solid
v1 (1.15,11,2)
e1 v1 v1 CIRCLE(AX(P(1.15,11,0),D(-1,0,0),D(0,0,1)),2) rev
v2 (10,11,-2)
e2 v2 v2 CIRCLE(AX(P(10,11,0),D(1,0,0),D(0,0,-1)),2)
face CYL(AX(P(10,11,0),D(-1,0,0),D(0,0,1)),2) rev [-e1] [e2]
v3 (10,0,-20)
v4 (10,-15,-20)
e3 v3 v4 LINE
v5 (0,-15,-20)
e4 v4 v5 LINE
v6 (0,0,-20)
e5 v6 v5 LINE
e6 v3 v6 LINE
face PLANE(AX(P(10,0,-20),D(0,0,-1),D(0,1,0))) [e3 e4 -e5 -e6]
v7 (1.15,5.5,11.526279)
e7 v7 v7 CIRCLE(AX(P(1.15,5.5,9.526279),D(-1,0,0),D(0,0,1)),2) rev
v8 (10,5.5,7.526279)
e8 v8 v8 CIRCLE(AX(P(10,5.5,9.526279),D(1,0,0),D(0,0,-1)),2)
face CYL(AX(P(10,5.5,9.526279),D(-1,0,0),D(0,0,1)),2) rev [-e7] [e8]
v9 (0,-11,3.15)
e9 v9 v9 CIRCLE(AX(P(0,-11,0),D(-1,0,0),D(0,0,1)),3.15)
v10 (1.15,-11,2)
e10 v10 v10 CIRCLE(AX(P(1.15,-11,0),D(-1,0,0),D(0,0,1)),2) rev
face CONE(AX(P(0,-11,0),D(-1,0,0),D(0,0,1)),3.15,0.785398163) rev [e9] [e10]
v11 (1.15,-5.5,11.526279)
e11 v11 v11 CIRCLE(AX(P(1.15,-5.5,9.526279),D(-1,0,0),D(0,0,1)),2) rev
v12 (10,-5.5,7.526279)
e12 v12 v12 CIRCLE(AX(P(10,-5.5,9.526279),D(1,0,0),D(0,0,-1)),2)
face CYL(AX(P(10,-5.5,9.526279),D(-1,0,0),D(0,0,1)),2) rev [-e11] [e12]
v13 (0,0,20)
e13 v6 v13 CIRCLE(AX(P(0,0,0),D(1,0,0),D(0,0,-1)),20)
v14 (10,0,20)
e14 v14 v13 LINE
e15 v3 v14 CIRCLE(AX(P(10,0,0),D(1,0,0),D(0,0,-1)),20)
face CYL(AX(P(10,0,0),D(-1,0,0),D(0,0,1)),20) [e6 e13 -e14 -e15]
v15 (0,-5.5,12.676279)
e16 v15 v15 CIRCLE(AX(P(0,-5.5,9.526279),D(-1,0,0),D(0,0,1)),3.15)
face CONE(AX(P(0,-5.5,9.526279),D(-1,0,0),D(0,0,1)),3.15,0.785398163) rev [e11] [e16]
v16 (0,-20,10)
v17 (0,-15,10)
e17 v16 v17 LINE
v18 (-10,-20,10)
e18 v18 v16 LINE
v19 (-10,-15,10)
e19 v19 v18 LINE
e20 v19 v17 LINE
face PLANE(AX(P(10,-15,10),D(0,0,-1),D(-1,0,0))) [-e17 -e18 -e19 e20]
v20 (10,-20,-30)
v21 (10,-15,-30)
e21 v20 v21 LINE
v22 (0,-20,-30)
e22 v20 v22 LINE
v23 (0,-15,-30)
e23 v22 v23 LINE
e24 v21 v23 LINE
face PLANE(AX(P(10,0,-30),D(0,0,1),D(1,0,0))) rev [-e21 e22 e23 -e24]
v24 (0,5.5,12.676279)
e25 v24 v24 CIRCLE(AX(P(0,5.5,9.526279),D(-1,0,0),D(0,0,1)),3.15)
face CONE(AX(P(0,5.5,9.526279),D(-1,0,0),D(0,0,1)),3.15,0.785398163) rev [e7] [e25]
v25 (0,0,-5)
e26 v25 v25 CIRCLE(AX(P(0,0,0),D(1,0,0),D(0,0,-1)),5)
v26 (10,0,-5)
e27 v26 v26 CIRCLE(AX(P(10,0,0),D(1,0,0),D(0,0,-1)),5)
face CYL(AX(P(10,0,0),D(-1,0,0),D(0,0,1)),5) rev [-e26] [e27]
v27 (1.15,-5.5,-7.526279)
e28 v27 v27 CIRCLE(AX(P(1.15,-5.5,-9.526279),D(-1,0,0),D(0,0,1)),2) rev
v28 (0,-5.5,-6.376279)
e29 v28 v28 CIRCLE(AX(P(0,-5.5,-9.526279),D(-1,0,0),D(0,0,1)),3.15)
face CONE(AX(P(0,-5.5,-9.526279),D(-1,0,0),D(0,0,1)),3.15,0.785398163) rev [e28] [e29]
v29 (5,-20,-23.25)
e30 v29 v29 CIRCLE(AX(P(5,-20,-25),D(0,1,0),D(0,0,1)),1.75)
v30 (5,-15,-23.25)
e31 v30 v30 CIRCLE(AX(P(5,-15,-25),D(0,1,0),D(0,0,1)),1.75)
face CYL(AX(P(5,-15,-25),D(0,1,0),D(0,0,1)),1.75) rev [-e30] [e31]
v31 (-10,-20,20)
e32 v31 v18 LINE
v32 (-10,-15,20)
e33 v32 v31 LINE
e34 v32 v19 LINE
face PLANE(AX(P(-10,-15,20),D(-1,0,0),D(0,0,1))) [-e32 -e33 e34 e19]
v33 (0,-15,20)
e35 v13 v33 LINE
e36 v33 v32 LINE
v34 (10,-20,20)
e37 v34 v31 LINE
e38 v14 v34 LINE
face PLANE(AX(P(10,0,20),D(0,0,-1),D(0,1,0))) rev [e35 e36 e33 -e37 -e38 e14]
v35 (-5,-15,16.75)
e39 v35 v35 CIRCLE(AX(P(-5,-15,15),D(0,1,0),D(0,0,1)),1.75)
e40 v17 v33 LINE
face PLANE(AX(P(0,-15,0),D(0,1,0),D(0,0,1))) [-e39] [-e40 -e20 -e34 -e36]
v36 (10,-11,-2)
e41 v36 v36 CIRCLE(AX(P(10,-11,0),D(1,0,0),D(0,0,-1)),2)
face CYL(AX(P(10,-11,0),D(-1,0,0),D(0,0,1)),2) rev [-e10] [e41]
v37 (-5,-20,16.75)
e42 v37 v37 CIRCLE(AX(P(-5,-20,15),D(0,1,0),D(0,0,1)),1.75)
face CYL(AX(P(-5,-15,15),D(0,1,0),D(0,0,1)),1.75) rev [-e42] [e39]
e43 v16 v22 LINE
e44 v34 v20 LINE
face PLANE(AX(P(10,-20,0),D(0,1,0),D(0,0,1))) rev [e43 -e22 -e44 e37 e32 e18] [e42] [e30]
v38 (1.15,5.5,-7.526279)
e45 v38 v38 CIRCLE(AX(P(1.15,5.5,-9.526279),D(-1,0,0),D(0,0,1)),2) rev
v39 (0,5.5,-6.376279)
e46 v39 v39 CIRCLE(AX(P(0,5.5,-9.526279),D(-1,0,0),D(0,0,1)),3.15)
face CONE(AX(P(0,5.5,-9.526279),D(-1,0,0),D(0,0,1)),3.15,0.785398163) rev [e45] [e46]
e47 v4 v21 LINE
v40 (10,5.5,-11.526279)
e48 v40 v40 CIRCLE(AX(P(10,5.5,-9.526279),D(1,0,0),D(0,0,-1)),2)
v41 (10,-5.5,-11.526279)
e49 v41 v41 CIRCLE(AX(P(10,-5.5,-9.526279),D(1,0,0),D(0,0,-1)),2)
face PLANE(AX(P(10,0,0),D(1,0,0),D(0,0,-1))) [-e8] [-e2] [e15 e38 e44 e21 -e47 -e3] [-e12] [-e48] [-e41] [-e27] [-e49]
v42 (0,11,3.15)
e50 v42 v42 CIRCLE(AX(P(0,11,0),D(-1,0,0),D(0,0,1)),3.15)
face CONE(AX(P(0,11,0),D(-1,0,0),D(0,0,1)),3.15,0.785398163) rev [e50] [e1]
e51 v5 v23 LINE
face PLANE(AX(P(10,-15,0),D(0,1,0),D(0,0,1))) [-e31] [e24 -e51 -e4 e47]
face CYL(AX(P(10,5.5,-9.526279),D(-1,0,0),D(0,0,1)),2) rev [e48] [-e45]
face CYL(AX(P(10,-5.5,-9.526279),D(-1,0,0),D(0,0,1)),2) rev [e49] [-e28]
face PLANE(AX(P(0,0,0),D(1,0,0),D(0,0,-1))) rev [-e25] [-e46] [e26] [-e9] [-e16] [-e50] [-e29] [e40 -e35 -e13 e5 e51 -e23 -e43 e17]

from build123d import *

# Parameters (mm, degrees)
SKETCH1_R                                       = 2
SKETCH1_R_2                                     = 5
BOSS_EXTRUDE1_DEPTH                             = 10
CSK_FOR_M3_FLAT_HEAD_MACHINE_SCREW1_D           = 3.4
CSK_FOR_M3_FLAT_HEAD_MACHINE_SCREW1_CSINK_D     = 6.3
CSK_FOR_M3_FLAT_HEAD_MACHINE_SCREW1_CSINK_ANGLE = 90
BOSS_EXTRUDE2_DEPTH                             = 5
F_3_0MM_DOWEL_HOLE1_D                           = 3.5


with BuildPart() as part:
    # Sketch1 → Boss-Extrude1 (new body)
    with BuildSketch(Plane(origin=(0, 0, 0), x_dir=(0, 0, -1), z_dir=(1, 0, 0))):
        with BuildLine():
            Line((30, -15), (20, -15))
            Line((20, -15), (20, 0))
            ThreePointArc((20, 0), (0, 20), (-20, 0))
            Line((-20, 0), (-20, -15))
            Line((-20, -15), (-20, -20))
            Line((-20, -20), (-15.856579477, -20))
            Line((-15.856579477, -20), (9.951007048, -20))
            Line((9.951007048, -20), (17.640087429, -20))
            Line((17.640087429, -20), (30, -20))
            Line((30, -20), (30, -15))
        make_face()
        with Locations((-9.526279442, -5.5)):
            Circle(SKETCH1_R, mode=Mode.SUBTRACT)
        with Locations((0, -11)):
            Circle(SKETCH1_R, mode=Mode.SUBTRACT)
        with Locations((9.526279442, -5.5)):
            Circle(SKETCH1_R, mode=Mode.SUBTRACT)
        with Locations((-9.526279442, 5.5)):
            Circle(SKETCH1_R, mode=Mode.SUBTRACT)
        Circle(SKETCH1_R_2, mode=Mode.SUBTRACT)
        with Locations((9.526279442, 5.5)):
            Circle(SKETCH1_R, mode=Mode.SUBTRACT)
        with Locations((0, 11)):
            Circle(SKETCH1_R, mode=Mode.SUBTRACT)
    extrude(amount=BOSS_EXTRUDE1_DEPTH)

    # CSK for M3 Flat Head Machine Screw1 (through all)
    with Locations(Plane.ZY):
        with Locations((0, 11), (9.526279442, 5.5), (9.526279442, -5.5), (0, -11), (-9.526279442, -5.5), (-9.526279442, 5.5)):
            CounterSinkHole(CSK_FOR_M3_FLAT_HEAD_MACHINE_SCREW1_D / 2, CSK_FOR_M3_FLAT_HEAD_MACHINE_SCREW1_CSINK_D / 2, counter_sink_angle=CSK_FOR_M3_FLAT_HEAD_MACHINE_SCREW1_CSINK_ANGLE)

    # Sketch6 → Boss-Extrude2 (add)
    with BuildSketch(Plane.XZ.offset(20)):
        Polygon((0, 20), (-10, 20), (-10, 10), (0, 10), (10, 10), (10, 20), align=None)
    extrude(amount=-BOSS_EXTRUDE2_DEPTH)

    # Ø3.0mm Dowel Hole1 (through all)
    with Locations(Plane(origin=(5, -15, -25), x_dir=(0, 0, 1), z_dir=(0, 1, 0))):
        with Locations((0, 0), (40, -10)):
            Hole(F_3_0MM_DOWEL_HOLE1_D / 2)


solid = part.part
